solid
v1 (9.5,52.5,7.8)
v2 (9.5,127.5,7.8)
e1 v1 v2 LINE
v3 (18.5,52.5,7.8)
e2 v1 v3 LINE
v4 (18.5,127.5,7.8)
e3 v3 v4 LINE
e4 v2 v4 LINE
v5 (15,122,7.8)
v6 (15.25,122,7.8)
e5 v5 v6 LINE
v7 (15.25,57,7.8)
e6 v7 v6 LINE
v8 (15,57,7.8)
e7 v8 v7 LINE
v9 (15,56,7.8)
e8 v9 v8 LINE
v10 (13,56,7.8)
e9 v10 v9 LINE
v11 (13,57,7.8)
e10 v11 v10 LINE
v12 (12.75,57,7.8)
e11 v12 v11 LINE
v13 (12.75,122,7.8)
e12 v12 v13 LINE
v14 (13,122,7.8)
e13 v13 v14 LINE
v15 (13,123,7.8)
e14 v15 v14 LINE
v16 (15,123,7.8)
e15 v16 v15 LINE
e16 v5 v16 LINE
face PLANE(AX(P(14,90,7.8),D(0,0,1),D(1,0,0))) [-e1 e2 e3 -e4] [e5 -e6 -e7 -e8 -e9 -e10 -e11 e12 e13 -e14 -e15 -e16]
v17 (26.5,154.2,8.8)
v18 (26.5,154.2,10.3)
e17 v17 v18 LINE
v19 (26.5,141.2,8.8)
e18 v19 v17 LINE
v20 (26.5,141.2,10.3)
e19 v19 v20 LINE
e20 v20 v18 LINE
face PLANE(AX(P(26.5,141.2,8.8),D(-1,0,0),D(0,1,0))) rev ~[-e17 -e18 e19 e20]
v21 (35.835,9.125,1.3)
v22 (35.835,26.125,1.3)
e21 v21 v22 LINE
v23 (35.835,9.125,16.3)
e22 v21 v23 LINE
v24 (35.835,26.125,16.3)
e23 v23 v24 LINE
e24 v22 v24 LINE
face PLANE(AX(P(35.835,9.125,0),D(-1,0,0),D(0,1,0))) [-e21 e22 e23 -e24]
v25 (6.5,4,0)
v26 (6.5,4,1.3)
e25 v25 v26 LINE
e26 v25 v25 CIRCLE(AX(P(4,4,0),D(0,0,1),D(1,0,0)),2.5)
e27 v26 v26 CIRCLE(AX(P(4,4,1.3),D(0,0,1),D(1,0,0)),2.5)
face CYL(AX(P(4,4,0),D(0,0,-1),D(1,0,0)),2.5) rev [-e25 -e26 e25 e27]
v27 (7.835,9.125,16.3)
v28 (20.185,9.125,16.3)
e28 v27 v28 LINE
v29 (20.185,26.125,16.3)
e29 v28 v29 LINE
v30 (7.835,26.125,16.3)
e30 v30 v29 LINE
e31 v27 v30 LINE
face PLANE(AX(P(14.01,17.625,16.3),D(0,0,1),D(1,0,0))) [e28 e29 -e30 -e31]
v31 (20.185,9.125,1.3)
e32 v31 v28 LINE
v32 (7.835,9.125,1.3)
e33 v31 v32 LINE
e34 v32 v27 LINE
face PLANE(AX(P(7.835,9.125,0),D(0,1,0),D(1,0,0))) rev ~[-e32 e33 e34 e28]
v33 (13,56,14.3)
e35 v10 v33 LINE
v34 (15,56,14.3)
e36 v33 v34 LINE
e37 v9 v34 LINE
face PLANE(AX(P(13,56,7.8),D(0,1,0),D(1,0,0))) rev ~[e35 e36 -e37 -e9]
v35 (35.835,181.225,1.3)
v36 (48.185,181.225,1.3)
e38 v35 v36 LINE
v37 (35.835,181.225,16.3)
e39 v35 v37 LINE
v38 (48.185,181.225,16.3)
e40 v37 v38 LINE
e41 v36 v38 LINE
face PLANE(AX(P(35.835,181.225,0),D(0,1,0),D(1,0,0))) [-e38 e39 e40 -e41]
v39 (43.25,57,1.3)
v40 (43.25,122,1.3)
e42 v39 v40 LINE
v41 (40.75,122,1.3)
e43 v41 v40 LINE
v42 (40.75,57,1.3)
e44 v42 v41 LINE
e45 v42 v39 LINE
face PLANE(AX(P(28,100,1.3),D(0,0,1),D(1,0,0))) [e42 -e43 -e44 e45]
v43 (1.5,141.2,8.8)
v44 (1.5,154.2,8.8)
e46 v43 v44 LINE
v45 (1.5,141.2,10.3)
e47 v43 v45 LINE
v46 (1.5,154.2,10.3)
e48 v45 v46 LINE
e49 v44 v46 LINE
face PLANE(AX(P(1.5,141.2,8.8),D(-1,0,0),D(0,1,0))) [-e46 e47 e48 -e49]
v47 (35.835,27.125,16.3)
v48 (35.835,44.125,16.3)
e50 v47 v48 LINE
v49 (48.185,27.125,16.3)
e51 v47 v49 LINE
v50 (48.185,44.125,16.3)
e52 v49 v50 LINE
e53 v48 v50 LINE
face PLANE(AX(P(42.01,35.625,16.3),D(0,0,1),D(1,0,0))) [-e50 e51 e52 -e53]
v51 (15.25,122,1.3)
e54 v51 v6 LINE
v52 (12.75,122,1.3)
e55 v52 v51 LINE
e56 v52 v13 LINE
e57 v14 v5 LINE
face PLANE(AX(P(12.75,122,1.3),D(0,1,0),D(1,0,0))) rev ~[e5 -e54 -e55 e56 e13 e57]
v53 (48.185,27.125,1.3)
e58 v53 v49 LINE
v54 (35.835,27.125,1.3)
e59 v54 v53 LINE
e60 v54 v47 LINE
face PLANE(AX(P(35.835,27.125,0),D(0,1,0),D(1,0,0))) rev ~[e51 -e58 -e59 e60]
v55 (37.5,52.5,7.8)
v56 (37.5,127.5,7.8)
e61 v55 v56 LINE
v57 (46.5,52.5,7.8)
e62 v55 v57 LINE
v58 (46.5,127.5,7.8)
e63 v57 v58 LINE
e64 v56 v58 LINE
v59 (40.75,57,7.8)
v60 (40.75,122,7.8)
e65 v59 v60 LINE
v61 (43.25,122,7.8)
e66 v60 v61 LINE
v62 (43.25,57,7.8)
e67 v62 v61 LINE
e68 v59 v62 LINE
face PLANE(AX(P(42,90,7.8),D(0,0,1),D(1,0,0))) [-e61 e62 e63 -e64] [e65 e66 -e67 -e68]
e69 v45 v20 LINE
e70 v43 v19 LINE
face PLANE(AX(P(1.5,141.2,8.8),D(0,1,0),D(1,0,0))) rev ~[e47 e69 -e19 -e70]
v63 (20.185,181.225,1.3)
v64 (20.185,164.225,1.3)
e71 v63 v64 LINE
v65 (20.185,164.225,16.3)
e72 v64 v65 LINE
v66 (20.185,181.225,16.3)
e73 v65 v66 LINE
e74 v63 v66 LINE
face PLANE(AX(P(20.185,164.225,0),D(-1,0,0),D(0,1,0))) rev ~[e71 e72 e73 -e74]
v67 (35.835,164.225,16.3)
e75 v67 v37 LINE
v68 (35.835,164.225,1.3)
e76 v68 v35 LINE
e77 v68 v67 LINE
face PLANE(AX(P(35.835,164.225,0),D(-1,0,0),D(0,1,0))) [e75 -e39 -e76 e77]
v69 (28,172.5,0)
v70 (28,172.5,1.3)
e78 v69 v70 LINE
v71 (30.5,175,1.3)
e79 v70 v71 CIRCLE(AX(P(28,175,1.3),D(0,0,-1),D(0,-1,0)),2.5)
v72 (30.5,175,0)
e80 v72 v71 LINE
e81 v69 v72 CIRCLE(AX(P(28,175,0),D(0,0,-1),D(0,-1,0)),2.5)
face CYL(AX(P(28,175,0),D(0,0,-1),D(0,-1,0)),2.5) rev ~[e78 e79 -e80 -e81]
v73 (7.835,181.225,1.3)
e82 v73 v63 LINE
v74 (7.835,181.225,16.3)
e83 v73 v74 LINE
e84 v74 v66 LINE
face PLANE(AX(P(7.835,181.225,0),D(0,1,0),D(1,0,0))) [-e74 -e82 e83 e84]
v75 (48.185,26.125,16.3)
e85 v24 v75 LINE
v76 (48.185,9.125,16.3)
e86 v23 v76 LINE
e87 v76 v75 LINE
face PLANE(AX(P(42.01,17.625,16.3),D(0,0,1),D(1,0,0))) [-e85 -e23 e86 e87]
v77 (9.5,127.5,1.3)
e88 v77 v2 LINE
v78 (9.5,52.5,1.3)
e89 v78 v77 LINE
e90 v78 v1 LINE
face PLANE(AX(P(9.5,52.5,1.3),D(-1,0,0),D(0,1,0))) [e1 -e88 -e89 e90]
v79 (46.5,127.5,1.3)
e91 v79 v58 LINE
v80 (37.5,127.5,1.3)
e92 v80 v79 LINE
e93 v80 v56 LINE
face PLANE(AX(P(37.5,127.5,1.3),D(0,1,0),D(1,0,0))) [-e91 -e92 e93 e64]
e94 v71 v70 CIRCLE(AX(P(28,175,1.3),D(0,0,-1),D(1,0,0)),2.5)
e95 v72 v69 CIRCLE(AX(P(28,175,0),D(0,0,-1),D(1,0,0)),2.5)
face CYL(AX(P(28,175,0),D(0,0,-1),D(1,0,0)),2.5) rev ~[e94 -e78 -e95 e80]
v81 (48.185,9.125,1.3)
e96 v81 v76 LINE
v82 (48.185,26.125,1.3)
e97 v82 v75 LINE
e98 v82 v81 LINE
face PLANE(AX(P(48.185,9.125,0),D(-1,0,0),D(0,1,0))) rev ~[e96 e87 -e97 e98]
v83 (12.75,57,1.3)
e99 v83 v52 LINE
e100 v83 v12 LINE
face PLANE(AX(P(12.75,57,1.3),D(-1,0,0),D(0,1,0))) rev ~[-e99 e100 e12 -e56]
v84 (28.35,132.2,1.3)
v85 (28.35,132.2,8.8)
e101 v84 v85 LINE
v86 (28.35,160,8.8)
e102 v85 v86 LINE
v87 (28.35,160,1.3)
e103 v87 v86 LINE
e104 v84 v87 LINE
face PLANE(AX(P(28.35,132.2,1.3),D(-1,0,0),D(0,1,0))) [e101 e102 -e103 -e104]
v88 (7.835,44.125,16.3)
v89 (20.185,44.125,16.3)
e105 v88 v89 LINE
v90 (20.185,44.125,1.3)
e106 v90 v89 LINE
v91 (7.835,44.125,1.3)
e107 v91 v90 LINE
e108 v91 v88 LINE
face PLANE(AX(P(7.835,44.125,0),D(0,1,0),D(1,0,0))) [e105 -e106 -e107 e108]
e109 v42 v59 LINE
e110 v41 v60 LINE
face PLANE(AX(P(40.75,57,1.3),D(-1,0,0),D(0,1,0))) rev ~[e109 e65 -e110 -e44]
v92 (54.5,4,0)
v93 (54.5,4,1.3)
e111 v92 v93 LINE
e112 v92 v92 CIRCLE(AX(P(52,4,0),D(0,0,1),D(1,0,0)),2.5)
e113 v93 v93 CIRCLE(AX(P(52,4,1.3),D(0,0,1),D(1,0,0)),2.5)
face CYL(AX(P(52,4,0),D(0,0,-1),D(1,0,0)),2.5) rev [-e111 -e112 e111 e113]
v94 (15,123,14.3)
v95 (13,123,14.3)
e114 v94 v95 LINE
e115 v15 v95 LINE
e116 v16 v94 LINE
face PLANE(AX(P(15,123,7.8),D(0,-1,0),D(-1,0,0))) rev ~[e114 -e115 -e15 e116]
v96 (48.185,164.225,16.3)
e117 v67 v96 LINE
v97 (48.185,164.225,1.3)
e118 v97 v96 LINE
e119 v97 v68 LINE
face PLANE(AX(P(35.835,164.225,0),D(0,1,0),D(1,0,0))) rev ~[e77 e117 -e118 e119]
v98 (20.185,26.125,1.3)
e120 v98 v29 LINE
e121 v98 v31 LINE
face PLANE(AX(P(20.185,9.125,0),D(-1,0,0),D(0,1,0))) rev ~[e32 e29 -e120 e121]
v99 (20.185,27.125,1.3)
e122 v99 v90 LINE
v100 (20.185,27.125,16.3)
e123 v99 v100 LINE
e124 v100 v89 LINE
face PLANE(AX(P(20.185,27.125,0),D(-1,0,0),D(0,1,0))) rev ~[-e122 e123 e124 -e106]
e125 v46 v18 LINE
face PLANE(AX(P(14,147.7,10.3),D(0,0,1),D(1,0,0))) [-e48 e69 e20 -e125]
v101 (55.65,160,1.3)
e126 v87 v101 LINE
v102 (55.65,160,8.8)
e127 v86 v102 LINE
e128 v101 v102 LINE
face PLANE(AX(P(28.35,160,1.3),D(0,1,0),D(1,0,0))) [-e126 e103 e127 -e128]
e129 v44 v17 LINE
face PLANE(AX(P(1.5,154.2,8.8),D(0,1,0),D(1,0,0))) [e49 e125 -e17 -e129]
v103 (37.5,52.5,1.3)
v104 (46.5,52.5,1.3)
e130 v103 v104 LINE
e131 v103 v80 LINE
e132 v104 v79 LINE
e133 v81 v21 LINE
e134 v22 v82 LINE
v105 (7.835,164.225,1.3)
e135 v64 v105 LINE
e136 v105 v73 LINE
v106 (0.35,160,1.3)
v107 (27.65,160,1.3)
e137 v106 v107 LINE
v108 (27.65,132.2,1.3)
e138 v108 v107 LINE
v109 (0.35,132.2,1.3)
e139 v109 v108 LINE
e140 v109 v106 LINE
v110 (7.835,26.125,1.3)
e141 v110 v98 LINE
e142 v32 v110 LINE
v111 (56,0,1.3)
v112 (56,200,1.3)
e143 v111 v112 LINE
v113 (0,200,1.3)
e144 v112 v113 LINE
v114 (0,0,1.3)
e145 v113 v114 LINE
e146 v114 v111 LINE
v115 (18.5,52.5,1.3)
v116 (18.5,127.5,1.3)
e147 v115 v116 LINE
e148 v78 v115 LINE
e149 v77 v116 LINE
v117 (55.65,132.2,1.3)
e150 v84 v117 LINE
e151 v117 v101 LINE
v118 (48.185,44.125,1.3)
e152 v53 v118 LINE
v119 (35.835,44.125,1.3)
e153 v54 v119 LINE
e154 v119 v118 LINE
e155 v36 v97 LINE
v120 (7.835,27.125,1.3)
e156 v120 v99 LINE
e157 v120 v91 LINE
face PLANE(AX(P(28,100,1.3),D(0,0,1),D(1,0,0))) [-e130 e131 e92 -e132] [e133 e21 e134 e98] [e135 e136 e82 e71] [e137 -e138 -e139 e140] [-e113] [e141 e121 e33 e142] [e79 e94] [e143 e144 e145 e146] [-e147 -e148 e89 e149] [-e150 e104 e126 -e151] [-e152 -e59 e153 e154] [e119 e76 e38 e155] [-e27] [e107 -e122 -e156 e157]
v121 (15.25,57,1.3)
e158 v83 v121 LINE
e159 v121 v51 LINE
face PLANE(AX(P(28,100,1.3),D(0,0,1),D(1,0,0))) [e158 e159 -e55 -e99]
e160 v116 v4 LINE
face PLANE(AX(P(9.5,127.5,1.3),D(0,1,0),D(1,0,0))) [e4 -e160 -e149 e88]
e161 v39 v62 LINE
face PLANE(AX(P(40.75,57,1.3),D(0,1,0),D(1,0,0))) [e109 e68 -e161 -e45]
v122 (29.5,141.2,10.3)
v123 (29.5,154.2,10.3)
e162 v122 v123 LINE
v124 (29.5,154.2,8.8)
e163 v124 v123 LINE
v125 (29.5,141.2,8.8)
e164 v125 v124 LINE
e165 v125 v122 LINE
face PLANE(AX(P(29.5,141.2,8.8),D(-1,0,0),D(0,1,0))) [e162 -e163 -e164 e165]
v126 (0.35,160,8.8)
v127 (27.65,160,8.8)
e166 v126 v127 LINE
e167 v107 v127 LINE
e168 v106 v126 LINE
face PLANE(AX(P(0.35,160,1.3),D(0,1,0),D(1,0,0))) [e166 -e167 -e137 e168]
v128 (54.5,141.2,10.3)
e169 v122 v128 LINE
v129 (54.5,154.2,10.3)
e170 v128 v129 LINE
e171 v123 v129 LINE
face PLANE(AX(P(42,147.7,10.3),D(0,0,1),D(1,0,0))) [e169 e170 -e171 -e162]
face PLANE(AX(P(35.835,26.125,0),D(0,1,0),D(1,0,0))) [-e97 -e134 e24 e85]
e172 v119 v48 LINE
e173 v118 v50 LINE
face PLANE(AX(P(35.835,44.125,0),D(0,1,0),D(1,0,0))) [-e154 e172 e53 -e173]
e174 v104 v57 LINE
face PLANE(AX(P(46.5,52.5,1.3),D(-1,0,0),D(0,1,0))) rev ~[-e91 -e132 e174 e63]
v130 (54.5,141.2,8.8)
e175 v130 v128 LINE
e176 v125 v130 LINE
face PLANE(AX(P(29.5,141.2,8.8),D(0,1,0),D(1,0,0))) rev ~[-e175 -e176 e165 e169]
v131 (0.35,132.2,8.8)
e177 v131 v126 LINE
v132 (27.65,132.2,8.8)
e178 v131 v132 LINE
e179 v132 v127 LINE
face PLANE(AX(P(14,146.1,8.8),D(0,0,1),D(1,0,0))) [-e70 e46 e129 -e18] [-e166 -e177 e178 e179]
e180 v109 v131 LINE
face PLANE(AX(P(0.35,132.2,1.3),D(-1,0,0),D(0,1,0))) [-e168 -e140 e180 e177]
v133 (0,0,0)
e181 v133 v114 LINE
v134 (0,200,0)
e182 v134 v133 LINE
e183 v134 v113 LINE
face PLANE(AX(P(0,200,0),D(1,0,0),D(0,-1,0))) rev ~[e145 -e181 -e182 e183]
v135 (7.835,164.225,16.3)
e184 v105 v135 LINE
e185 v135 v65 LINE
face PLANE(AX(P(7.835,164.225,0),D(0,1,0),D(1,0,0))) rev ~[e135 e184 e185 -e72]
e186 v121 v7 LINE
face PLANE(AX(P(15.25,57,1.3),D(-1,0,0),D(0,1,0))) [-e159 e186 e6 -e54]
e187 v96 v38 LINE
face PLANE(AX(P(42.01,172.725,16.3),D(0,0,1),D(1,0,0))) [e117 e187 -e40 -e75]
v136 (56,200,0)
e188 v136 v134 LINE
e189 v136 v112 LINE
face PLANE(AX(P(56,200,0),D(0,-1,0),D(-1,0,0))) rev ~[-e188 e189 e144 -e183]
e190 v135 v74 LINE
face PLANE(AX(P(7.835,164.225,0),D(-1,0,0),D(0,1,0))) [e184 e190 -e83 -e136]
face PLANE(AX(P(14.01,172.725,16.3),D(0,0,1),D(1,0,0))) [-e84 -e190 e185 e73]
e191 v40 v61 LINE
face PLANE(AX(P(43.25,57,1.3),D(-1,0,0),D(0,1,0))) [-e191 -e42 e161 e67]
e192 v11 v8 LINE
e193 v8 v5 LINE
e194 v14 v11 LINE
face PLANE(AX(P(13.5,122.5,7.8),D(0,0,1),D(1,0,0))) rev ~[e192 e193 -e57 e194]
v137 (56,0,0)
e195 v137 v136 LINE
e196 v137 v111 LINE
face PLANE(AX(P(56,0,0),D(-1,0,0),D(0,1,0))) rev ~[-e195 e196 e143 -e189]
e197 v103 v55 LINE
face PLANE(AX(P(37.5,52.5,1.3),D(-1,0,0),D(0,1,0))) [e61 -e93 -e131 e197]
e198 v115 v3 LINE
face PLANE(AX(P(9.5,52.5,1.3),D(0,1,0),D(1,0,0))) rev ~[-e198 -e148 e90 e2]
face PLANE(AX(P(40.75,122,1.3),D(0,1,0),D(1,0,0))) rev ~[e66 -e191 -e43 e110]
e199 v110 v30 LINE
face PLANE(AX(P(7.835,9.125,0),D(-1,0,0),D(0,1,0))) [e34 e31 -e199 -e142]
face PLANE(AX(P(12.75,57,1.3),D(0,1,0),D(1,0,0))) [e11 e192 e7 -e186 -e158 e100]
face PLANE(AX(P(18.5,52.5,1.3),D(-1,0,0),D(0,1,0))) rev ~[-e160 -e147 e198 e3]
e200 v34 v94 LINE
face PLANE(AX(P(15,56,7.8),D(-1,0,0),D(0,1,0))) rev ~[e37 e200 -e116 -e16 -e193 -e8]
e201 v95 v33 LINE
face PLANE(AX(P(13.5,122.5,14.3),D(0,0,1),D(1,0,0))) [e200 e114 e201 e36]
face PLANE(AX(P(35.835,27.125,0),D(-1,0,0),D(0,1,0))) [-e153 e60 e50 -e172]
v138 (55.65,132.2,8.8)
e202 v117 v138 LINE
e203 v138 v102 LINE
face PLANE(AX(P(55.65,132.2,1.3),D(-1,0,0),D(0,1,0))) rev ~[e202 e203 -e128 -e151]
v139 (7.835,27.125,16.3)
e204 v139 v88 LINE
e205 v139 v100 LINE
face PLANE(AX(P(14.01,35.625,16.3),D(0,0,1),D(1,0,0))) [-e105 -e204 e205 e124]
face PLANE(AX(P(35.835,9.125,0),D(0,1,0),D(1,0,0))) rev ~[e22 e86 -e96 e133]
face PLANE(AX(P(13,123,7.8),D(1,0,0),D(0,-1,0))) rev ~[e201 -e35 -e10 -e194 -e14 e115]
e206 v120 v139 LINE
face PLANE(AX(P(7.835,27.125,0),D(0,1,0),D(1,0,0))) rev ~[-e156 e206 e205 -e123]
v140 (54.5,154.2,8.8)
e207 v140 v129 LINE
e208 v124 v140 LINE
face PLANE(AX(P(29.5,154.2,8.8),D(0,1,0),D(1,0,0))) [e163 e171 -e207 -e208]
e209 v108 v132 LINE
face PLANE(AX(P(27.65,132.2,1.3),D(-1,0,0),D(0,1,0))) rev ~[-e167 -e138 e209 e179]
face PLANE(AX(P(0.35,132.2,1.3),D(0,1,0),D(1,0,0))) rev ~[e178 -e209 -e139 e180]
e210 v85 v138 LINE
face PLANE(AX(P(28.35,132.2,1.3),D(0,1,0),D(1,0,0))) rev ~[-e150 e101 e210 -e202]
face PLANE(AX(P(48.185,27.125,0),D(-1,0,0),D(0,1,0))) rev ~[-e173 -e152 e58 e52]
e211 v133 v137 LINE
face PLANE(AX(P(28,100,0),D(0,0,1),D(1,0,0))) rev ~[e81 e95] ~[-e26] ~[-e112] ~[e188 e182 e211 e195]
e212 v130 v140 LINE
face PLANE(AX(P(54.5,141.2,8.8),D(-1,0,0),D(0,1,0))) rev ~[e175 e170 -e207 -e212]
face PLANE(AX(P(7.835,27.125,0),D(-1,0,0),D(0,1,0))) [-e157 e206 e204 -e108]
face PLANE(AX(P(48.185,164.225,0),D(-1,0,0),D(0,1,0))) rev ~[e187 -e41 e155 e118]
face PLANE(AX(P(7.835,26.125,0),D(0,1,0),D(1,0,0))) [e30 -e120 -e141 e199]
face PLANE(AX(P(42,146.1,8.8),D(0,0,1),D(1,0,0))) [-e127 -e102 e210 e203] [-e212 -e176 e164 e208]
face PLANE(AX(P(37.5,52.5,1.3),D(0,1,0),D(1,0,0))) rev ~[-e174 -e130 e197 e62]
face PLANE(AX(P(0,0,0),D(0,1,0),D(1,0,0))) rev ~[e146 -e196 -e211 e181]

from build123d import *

# Parameters (mm, degrees)
SKETCH1_R                = 2.5
SKETCH1_W                = 12.35
SKETCH1_H                = 17
BOSS_EXTRUDE1_DEPTH      = 1.3
BOSS_EXTRUDE2_DEPTH      = 15
BOSS_EXTRUDE2_DEPTH_BACK = 1.3
SKETCH2_W                = 12.35
SKETCH2_H                = 17
SKETCH3_W                = 27.3
SKETCH3_H                = 27.8
BOSS_EXTRUDE3_DEPTH      = 7.5
SKETCH4_W                = 25
SKETCH4_H                = 13
BOSS_EXTRUDE4_DEPTH      = 1.5
SKETCH5_W                = 9
SKETCH5_H                = 75
SKETCH5_W_2              = 2.5
SKETCH5_H_2              = 65
BOSS_EXTRUDE5_DEPTH      = 6.5
SKETCH7_W                = 1
SKETCH7_H                = 1
SKETCH7_H_2              = 65
BOSS_EXTRUDE6_DEPTH      = 6.5


with BuildPart() as part:
    # Sketch1 → Boss-Extrude1 (new body)
    with BuildSketch(Plane.XY):
        Polygon((0, 200), (0, 0), (3.731641176, 0), (10.2, 0), (28, 0), (38.2, 0), (56, 0), (56, 200), align=None)
        with Locations((4, 4)):
            Circle(SKETCH1_R, mode=Mode.SUBTRACT)
        Polygon((20.185, 9.125), (10.2, 9.125), (7.835, 9.125), (7.835, 26.125), (20.185, 26.125), align=None, mode=Mode.SUBTRACT)
        with Locations((14.01, 35.625)):
            Rectangle(SKETCH1_W, SKETCH1_H, mode=Mode.SUBTRACT)
        Polygon((48.185, 9.125), (38.2, 9.125), (35.835, 9.125), (35.835, 26.125), (48.185, 26.125), align=None, mode=Mode.SUBTRACT)
        with Locations((52, 4)):
            Circle(SKETCH1_R, mode=Mode.SUBTRACT)
        with Locations((42.01, 35.625)):
            Rectangle(SKETCH1_W, SKETCH1_H, mode=Mode.SUBTRACT)
        Polygon((20.185, 164.225), (10.2, 164.225), (7.835, 164.225), (7.835, 181.225), (20.185, 181.225), align=None, mode=Mode.SUBTRACT)
        with BuildLine():
            ThreePointArc((30.5, 175), (29.767766953, 173.232233047), (28, 172.5))
            ThreePointArc((28, 172.5), (26.232233047, 176.767766953), (30.5, 175))
        make_face(mode=Mode.SUBTRACT)
        Polygon((48.185, 164.225), (38.2, 164.225), (35.835, 164.225), (35.835, 181.225), (48.185, 181.225), align=None, mode=Mode.SUBTRACT)
    extrude(amount=BOSS_EXTRUDE1_DEPTH)

    # Sketch2 → Boss-Extrude2 (add, two sides: drawn at the far end of the back side and taken through both)
    with BuildSketch(Plane.XY.offset(1.3).offset(-BOSS_EXTRUDE2_DEPTH_BACK)):
        with Locations((14.01, 172.725)):
            Rectangle(SKETCH2_W, SKETCH2_H)
        with Locations((42.01, 172.725)):
            Rectangle(SKETCH2_W, SKETCH2_H)
        with Locations((42.01, 35.625)):
            Rectangle(SKETCH2_W, SKETCH2_H)
        with Locations((42.01, 17.625)):
            Rectangle(SKETCH2_W, SKETCH2_H)
        with Locations((14.01, 17.625)):
            Rectangle(SKETCH2_W, SKETCH2_H)
        with Locations((14.01, 35.625)):
            Rectangle(SKETCH2_W, SKETCH2_H)
    extrude(amount=BOSS_EXTRUDE2_DEPTH + BOSS_EXTRUDE2_DEPTH_BACK)

    # Sketch3 → Boss-Extrude3 (add)
    with BuildSketch(Plane.XY.offset(1.3)):
        with Locations((14, 146.1)):
            Rectangle(SKETCH3_W, SKETCH3_H)
        with Locations((42, 146.1)):
            Rectangle(SKETCH3_W, SKETCH3_H)
    extrude(amount=BOSS_EXTRUDE3_DEPTH)

    # Sketch4 → Boss-Extrude4 (add)
    with BuildSketch(Plane.XY.offset(8.8)):
        with Locations((14, 147.7)):
            Rectangle(SKETCH4_W, SKETCH4_H)
        with Locations((42, 147.7)):
            Rectangle(SKETCH4_W, SKETCH4_H)
    extrude(amount=BOSS_EXTRUDE4_DEPTH)

    # Sketch5 → Boss-Extrude5 (add)
    # profile 1 of 2: a face of its own
    with BuildSketch(Plane.XY.offset(1.3)):
        with Locations((14, 90)):
            Rectangle(SKETCH5_W, SKETCH5_H)
        with Locations((14, 89.5)):
            Rectangle(SKETCH5_W_2, SKETCH5_H_2, mode=Mode.SUBTRACT)
    # profile 2 of 2: a face of its own
    with BuildSketch(Plane.XY.offset(1.3)):
        with Locations((42, 90)):
            Rectangle(SKETCH5_W, SKETCH5_H)
        with Locations((42, 89.5)):
            Rectangle(SKETCH5_W_2, SKETCH5_H_2, mode=Mode.SUBTRACT)
    extrude(amount=BOSS_EXTRUDE5_DEPTH)

    # Sketch7 → Boss-Extrude6 (add)
    with BuildSketch(Plane.XY.offset(7.8)):
        with Locations((13.5, 122.5)):
            Rectangle(SKETCH7_W, SKETCH7_H)
        with Locations((14.5, 122.5)):
            Rectangle(SKETCH7_W, SKETCH7_H)
        with Locations((13.5, 89.5)):
            Rectangle(SKETCH7_W, SKETCH7_H_2)
        with Locations((14.5, 89.5)):
            Rectangle(SKETCH7_W, SKETCH7_H_2)
        with Locations((14.5, 56.5)):
            Rectangle(SKETCH7_W, SKETCH7_H)
        with Locations((13.5, 56.5)):
            Rectangle(SKETCH7_W, SKETCH7_H)
    extrude(amount=BOSS_EXTRUDE6_DEPTH)


solid = part.part
